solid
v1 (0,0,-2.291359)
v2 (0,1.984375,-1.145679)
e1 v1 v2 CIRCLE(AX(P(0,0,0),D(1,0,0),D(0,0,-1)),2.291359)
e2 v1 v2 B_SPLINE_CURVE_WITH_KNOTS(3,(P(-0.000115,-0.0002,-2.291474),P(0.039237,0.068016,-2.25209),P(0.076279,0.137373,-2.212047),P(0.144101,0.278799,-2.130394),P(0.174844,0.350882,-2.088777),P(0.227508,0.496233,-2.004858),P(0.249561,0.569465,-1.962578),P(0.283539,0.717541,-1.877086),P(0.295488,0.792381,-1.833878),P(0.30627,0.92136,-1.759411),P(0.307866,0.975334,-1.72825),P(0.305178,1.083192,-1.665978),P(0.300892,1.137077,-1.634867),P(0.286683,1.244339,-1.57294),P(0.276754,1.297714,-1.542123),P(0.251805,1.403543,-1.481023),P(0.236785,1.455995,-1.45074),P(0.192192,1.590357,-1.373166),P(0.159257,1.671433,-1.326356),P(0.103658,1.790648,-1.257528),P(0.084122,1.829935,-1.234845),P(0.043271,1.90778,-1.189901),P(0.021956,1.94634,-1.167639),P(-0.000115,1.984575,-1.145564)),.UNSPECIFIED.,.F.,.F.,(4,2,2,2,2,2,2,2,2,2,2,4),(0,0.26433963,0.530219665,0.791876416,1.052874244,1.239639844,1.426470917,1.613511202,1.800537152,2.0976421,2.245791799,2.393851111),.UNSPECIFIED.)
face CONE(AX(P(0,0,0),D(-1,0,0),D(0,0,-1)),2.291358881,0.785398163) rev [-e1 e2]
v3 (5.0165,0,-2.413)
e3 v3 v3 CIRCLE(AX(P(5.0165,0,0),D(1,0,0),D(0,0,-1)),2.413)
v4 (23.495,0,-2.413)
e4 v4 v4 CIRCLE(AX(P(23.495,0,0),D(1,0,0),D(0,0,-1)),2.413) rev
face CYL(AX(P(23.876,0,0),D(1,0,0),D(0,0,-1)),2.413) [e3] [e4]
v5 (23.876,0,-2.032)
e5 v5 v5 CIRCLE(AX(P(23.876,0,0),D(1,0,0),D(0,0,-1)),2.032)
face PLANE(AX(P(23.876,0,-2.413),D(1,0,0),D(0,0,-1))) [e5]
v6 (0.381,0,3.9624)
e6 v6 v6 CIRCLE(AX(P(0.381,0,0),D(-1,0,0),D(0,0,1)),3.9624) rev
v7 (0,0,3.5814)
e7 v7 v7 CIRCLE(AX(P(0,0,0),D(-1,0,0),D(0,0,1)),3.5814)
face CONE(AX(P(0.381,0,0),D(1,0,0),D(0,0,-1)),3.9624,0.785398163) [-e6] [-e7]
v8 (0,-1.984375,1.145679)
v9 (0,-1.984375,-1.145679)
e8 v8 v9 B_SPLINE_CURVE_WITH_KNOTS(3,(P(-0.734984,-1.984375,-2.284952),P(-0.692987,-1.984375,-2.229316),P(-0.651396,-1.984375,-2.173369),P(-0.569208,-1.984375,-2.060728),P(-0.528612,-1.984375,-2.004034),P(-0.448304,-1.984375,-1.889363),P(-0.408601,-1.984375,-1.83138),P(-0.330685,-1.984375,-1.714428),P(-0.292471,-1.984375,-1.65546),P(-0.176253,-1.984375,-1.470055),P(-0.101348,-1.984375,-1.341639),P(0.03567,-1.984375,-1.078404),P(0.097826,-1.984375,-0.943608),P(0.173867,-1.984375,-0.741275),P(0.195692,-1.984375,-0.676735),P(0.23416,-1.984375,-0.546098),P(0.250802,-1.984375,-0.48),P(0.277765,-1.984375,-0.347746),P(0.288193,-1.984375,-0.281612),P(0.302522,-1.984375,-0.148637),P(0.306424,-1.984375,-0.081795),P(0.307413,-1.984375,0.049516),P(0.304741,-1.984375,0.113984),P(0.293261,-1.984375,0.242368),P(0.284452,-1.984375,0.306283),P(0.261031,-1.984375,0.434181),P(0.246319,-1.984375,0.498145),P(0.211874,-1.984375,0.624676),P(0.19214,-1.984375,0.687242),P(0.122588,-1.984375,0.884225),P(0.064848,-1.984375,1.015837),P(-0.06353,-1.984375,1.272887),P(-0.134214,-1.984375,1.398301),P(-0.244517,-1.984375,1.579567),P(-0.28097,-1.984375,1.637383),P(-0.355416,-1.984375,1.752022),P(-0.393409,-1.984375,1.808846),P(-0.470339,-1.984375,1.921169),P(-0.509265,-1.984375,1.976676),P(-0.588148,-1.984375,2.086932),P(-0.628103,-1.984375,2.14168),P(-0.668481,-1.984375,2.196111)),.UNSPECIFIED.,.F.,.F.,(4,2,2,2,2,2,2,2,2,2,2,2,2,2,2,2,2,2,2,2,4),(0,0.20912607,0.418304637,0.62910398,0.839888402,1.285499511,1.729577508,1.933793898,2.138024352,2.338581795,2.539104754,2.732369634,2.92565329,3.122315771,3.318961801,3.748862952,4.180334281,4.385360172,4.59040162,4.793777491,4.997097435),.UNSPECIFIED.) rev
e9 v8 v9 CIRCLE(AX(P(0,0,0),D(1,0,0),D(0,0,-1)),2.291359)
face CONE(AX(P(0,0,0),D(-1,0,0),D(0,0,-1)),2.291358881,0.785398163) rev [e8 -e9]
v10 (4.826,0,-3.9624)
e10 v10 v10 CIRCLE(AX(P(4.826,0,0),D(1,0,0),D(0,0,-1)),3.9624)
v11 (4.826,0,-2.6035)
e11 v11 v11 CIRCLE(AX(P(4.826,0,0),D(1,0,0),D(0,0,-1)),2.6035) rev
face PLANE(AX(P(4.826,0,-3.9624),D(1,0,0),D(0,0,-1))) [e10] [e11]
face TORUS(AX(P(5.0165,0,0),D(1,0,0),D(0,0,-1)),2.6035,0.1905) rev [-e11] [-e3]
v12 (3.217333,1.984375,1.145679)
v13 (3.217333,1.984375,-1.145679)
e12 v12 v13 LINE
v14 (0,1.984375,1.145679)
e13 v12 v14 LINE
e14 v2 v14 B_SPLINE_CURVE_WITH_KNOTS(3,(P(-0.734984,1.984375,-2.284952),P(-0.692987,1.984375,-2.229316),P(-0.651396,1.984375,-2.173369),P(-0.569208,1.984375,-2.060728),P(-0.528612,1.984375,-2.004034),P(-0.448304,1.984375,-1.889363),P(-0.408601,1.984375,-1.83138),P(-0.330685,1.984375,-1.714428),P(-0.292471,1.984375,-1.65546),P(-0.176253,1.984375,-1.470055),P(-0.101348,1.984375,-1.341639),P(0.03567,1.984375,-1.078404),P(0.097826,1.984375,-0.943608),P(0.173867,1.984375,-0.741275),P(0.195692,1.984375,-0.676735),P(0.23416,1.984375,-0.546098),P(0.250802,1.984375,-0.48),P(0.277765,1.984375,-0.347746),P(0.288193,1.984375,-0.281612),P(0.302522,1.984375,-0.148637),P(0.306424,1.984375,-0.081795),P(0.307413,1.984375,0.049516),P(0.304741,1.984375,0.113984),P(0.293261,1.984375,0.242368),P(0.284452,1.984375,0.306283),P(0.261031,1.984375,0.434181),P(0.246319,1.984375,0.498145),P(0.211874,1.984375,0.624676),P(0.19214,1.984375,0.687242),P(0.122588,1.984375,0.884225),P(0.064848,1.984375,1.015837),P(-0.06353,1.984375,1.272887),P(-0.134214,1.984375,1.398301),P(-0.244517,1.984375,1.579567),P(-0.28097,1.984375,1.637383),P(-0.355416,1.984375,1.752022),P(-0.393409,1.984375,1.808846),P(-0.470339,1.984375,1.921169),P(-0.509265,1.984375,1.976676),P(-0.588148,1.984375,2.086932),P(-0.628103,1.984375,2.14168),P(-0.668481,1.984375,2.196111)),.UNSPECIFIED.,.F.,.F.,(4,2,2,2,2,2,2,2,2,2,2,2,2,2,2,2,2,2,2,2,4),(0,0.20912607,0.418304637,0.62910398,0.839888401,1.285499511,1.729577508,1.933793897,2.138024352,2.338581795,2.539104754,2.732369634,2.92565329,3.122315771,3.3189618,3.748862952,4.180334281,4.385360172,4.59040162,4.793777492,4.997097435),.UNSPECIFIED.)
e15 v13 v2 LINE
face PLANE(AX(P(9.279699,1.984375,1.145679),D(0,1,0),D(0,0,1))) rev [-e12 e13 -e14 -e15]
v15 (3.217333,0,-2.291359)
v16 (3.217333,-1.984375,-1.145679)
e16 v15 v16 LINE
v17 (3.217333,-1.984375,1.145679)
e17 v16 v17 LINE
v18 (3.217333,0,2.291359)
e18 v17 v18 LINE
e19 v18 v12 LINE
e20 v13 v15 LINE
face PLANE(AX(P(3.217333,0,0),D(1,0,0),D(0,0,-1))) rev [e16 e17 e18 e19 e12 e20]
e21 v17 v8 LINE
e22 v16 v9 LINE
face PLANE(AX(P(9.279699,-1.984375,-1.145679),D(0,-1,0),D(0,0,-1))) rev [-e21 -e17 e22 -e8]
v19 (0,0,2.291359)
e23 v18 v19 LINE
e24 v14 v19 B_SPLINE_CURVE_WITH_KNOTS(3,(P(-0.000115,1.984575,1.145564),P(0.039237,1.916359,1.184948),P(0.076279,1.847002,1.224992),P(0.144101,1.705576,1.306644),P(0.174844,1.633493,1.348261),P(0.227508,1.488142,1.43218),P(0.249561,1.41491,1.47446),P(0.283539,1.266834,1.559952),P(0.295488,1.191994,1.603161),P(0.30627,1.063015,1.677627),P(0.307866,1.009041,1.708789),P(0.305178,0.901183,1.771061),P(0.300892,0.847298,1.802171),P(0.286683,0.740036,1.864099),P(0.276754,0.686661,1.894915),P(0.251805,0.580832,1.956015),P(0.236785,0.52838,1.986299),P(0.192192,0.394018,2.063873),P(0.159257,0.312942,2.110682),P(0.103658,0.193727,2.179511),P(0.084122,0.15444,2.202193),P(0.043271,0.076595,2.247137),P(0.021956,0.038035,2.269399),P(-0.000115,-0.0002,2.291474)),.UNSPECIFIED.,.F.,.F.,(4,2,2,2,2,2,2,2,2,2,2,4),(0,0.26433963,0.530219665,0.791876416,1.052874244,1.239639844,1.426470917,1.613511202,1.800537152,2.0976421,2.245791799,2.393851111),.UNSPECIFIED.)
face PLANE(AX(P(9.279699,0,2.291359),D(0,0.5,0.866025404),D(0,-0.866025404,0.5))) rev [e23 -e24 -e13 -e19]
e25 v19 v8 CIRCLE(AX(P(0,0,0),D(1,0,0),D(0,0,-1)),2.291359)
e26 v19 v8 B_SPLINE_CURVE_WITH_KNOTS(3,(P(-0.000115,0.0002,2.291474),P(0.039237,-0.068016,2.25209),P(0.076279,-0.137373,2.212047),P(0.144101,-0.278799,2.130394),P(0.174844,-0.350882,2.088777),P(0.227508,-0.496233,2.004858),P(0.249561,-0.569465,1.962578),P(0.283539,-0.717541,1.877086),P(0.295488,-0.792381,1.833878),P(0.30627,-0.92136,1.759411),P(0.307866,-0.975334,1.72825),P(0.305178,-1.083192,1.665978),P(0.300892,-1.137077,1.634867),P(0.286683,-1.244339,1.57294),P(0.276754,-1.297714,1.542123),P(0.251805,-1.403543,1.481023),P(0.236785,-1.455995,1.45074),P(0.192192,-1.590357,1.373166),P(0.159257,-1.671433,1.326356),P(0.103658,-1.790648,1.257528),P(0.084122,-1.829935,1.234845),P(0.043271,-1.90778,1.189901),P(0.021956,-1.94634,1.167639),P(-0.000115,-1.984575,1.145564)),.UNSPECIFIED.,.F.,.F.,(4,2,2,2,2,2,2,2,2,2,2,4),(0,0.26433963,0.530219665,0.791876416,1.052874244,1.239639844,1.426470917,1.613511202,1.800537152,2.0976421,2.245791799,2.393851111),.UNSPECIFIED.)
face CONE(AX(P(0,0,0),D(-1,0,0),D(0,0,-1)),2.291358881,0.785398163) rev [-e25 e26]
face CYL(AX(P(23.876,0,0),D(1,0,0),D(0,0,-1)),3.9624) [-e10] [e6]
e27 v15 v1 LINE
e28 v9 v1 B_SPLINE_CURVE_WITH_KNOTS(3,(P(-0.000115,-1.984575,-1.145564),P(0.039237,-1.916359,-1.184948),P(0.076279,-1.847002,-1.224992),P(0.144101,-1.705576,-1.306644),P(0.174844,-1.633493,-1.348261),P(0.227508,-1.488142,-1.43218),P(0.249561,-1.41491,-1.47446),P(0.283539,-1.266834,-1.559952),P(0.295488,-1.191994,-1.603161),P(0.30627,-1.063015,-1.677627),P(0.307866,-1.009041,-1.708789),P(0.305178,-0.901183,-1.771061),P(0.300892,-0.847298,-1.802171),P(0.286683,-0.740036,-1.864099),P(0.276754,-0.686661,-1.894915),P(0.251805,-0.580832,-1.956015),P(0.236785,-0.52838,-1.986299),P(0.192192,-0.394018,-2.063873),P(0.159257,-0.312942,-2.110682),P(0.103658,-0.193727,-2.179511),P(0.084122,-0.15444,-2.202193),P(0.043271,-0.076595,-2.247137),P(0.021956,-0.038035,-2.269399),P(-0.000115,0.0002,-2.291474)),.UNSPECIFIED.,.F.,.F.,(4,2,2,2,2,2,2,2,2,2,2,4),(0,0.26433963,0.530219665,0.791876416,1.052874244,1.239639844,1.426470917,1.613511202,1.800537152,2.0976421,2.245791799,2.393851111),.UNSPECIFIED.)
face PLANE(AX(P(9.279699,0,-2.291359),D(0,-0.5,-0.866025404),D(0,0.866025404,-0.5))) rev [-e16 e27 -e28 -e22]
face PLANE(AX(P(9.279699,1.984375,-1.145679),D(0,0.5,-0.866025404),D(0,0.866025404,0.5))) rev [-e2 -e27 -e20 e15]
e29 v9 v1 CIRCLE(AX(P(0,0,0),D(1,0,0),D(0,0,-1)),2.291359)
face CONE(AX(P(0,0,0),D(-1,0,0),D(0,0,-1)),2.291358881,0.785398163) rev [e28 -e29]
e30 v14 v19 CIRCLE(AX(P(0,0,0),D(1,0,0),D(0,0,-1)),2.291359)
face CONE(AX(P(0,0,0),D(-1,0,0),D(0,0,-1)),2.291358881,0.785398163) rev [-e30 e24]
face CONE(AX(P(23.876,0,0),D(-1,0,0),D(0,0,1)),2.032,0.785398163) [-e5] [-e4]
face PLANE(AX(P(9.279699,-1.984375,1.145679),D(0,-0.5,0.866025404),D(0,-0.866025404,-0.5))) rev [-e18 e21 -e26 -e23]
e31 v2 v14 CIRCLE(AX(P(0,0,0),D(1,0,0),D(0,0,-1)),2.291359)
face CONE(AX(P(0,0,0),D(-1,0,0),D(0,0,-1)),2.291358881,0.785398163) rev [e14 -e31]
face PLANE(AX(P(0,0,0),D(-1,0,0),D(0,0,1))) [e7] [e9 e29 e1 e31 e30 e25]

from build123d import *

# Parameters (mm, degrees)
HEX_START         = -3.217333
HEX_2_DEPTH       = 3.217333
CHAMFER1_SIZE     = 0.381
FILLET1_R         = 0.1905
SKETCH3_R         = 2.291358881
HEX_CHAMFER_DEPTH = 2.54
HEX_CHAMFER_DRAFT = 45


with BuildPart() as part:
    # Sketch1 → Body (revolve)
    with BuildSketch(Plane(origin=(0, 0, 0), x_dir=(1, 0, 0), z_dir=(0, 1, 0))):
        Polygon((0, 0), (0, 3.9624), (4.826, 3.9624), (4.826, 2.413), (23.876, 2.413), (23.876, 0), align=None)
    revolve(axis=Axis((23.876, 0, 0), (-1, 0, 0)))

    # Sketch2 → Hex 2 (cut)
    with BuildSketch(Plane.ZY.offset(HEX_START)):
        Polygon((-2.291358881, 0), (-1.14567944, -1.984375), (1.14567944, -1.984375), (2.291358881, 0), (1.14567944, 1.984375), (-1.14567944, 1.984375), align=None)
    extrude(amount=HEX_2_DEPTH, mode=Mode.SUBTRACT)

    # Chamfer1
    chamfer1_edges = [part.edges().sort_by_distance(p)[0] for p in [
        (0, 0, 3.9624),
        (23.876, 0, 2.413),
    ]]
    chamfer(chamfer1_edges, length=CHAMFER1_SIZE)

    # Fillet1
    fillet1_edges = [part.edges().sort_by_distance(p)[0] for p in [
        (4.826, 0, 2.413),
    ]]
    fillet(fillet1_edges, radius=FILLET1_R)


with BuildPart() as hex_chamfer_tool:
    # Sketch3 → Hex Chamfer (with draft: the straight prism first)
    with BuildSketch(Plane(origin=(0, 0, 0), x_dir=(0, 0, -1), z_dir=(1, 0, 0))):
        Circle(SKETCH3_R)
    extrude(amount=HEX_CHAMFER_DEPTH)
    # Hex Chamfer: the draft: its side faces are tilted about the plane it starts from
    hex_chamfer_sides = [hex_chamfer_tool.faces().sort_by_distance(p)[0] for p in [
        (1.27, 0, 2.291358881),
    ]]
    draft(hex_chamfer_sides, Plane(origin=(0, 0, 0), x_dir=(0, 0, -1), z_dir=(1, 0, 0)), HEX_CHAMFER_DRAFT)


with BuildPart() as part_1:
    add(part.part)

    # Hex Chamfer: cut by hex_chamfer_tool
    add(hex_chamfer_tool.part, mode=Mode.SUBTRACT)


solid = part_1.part
